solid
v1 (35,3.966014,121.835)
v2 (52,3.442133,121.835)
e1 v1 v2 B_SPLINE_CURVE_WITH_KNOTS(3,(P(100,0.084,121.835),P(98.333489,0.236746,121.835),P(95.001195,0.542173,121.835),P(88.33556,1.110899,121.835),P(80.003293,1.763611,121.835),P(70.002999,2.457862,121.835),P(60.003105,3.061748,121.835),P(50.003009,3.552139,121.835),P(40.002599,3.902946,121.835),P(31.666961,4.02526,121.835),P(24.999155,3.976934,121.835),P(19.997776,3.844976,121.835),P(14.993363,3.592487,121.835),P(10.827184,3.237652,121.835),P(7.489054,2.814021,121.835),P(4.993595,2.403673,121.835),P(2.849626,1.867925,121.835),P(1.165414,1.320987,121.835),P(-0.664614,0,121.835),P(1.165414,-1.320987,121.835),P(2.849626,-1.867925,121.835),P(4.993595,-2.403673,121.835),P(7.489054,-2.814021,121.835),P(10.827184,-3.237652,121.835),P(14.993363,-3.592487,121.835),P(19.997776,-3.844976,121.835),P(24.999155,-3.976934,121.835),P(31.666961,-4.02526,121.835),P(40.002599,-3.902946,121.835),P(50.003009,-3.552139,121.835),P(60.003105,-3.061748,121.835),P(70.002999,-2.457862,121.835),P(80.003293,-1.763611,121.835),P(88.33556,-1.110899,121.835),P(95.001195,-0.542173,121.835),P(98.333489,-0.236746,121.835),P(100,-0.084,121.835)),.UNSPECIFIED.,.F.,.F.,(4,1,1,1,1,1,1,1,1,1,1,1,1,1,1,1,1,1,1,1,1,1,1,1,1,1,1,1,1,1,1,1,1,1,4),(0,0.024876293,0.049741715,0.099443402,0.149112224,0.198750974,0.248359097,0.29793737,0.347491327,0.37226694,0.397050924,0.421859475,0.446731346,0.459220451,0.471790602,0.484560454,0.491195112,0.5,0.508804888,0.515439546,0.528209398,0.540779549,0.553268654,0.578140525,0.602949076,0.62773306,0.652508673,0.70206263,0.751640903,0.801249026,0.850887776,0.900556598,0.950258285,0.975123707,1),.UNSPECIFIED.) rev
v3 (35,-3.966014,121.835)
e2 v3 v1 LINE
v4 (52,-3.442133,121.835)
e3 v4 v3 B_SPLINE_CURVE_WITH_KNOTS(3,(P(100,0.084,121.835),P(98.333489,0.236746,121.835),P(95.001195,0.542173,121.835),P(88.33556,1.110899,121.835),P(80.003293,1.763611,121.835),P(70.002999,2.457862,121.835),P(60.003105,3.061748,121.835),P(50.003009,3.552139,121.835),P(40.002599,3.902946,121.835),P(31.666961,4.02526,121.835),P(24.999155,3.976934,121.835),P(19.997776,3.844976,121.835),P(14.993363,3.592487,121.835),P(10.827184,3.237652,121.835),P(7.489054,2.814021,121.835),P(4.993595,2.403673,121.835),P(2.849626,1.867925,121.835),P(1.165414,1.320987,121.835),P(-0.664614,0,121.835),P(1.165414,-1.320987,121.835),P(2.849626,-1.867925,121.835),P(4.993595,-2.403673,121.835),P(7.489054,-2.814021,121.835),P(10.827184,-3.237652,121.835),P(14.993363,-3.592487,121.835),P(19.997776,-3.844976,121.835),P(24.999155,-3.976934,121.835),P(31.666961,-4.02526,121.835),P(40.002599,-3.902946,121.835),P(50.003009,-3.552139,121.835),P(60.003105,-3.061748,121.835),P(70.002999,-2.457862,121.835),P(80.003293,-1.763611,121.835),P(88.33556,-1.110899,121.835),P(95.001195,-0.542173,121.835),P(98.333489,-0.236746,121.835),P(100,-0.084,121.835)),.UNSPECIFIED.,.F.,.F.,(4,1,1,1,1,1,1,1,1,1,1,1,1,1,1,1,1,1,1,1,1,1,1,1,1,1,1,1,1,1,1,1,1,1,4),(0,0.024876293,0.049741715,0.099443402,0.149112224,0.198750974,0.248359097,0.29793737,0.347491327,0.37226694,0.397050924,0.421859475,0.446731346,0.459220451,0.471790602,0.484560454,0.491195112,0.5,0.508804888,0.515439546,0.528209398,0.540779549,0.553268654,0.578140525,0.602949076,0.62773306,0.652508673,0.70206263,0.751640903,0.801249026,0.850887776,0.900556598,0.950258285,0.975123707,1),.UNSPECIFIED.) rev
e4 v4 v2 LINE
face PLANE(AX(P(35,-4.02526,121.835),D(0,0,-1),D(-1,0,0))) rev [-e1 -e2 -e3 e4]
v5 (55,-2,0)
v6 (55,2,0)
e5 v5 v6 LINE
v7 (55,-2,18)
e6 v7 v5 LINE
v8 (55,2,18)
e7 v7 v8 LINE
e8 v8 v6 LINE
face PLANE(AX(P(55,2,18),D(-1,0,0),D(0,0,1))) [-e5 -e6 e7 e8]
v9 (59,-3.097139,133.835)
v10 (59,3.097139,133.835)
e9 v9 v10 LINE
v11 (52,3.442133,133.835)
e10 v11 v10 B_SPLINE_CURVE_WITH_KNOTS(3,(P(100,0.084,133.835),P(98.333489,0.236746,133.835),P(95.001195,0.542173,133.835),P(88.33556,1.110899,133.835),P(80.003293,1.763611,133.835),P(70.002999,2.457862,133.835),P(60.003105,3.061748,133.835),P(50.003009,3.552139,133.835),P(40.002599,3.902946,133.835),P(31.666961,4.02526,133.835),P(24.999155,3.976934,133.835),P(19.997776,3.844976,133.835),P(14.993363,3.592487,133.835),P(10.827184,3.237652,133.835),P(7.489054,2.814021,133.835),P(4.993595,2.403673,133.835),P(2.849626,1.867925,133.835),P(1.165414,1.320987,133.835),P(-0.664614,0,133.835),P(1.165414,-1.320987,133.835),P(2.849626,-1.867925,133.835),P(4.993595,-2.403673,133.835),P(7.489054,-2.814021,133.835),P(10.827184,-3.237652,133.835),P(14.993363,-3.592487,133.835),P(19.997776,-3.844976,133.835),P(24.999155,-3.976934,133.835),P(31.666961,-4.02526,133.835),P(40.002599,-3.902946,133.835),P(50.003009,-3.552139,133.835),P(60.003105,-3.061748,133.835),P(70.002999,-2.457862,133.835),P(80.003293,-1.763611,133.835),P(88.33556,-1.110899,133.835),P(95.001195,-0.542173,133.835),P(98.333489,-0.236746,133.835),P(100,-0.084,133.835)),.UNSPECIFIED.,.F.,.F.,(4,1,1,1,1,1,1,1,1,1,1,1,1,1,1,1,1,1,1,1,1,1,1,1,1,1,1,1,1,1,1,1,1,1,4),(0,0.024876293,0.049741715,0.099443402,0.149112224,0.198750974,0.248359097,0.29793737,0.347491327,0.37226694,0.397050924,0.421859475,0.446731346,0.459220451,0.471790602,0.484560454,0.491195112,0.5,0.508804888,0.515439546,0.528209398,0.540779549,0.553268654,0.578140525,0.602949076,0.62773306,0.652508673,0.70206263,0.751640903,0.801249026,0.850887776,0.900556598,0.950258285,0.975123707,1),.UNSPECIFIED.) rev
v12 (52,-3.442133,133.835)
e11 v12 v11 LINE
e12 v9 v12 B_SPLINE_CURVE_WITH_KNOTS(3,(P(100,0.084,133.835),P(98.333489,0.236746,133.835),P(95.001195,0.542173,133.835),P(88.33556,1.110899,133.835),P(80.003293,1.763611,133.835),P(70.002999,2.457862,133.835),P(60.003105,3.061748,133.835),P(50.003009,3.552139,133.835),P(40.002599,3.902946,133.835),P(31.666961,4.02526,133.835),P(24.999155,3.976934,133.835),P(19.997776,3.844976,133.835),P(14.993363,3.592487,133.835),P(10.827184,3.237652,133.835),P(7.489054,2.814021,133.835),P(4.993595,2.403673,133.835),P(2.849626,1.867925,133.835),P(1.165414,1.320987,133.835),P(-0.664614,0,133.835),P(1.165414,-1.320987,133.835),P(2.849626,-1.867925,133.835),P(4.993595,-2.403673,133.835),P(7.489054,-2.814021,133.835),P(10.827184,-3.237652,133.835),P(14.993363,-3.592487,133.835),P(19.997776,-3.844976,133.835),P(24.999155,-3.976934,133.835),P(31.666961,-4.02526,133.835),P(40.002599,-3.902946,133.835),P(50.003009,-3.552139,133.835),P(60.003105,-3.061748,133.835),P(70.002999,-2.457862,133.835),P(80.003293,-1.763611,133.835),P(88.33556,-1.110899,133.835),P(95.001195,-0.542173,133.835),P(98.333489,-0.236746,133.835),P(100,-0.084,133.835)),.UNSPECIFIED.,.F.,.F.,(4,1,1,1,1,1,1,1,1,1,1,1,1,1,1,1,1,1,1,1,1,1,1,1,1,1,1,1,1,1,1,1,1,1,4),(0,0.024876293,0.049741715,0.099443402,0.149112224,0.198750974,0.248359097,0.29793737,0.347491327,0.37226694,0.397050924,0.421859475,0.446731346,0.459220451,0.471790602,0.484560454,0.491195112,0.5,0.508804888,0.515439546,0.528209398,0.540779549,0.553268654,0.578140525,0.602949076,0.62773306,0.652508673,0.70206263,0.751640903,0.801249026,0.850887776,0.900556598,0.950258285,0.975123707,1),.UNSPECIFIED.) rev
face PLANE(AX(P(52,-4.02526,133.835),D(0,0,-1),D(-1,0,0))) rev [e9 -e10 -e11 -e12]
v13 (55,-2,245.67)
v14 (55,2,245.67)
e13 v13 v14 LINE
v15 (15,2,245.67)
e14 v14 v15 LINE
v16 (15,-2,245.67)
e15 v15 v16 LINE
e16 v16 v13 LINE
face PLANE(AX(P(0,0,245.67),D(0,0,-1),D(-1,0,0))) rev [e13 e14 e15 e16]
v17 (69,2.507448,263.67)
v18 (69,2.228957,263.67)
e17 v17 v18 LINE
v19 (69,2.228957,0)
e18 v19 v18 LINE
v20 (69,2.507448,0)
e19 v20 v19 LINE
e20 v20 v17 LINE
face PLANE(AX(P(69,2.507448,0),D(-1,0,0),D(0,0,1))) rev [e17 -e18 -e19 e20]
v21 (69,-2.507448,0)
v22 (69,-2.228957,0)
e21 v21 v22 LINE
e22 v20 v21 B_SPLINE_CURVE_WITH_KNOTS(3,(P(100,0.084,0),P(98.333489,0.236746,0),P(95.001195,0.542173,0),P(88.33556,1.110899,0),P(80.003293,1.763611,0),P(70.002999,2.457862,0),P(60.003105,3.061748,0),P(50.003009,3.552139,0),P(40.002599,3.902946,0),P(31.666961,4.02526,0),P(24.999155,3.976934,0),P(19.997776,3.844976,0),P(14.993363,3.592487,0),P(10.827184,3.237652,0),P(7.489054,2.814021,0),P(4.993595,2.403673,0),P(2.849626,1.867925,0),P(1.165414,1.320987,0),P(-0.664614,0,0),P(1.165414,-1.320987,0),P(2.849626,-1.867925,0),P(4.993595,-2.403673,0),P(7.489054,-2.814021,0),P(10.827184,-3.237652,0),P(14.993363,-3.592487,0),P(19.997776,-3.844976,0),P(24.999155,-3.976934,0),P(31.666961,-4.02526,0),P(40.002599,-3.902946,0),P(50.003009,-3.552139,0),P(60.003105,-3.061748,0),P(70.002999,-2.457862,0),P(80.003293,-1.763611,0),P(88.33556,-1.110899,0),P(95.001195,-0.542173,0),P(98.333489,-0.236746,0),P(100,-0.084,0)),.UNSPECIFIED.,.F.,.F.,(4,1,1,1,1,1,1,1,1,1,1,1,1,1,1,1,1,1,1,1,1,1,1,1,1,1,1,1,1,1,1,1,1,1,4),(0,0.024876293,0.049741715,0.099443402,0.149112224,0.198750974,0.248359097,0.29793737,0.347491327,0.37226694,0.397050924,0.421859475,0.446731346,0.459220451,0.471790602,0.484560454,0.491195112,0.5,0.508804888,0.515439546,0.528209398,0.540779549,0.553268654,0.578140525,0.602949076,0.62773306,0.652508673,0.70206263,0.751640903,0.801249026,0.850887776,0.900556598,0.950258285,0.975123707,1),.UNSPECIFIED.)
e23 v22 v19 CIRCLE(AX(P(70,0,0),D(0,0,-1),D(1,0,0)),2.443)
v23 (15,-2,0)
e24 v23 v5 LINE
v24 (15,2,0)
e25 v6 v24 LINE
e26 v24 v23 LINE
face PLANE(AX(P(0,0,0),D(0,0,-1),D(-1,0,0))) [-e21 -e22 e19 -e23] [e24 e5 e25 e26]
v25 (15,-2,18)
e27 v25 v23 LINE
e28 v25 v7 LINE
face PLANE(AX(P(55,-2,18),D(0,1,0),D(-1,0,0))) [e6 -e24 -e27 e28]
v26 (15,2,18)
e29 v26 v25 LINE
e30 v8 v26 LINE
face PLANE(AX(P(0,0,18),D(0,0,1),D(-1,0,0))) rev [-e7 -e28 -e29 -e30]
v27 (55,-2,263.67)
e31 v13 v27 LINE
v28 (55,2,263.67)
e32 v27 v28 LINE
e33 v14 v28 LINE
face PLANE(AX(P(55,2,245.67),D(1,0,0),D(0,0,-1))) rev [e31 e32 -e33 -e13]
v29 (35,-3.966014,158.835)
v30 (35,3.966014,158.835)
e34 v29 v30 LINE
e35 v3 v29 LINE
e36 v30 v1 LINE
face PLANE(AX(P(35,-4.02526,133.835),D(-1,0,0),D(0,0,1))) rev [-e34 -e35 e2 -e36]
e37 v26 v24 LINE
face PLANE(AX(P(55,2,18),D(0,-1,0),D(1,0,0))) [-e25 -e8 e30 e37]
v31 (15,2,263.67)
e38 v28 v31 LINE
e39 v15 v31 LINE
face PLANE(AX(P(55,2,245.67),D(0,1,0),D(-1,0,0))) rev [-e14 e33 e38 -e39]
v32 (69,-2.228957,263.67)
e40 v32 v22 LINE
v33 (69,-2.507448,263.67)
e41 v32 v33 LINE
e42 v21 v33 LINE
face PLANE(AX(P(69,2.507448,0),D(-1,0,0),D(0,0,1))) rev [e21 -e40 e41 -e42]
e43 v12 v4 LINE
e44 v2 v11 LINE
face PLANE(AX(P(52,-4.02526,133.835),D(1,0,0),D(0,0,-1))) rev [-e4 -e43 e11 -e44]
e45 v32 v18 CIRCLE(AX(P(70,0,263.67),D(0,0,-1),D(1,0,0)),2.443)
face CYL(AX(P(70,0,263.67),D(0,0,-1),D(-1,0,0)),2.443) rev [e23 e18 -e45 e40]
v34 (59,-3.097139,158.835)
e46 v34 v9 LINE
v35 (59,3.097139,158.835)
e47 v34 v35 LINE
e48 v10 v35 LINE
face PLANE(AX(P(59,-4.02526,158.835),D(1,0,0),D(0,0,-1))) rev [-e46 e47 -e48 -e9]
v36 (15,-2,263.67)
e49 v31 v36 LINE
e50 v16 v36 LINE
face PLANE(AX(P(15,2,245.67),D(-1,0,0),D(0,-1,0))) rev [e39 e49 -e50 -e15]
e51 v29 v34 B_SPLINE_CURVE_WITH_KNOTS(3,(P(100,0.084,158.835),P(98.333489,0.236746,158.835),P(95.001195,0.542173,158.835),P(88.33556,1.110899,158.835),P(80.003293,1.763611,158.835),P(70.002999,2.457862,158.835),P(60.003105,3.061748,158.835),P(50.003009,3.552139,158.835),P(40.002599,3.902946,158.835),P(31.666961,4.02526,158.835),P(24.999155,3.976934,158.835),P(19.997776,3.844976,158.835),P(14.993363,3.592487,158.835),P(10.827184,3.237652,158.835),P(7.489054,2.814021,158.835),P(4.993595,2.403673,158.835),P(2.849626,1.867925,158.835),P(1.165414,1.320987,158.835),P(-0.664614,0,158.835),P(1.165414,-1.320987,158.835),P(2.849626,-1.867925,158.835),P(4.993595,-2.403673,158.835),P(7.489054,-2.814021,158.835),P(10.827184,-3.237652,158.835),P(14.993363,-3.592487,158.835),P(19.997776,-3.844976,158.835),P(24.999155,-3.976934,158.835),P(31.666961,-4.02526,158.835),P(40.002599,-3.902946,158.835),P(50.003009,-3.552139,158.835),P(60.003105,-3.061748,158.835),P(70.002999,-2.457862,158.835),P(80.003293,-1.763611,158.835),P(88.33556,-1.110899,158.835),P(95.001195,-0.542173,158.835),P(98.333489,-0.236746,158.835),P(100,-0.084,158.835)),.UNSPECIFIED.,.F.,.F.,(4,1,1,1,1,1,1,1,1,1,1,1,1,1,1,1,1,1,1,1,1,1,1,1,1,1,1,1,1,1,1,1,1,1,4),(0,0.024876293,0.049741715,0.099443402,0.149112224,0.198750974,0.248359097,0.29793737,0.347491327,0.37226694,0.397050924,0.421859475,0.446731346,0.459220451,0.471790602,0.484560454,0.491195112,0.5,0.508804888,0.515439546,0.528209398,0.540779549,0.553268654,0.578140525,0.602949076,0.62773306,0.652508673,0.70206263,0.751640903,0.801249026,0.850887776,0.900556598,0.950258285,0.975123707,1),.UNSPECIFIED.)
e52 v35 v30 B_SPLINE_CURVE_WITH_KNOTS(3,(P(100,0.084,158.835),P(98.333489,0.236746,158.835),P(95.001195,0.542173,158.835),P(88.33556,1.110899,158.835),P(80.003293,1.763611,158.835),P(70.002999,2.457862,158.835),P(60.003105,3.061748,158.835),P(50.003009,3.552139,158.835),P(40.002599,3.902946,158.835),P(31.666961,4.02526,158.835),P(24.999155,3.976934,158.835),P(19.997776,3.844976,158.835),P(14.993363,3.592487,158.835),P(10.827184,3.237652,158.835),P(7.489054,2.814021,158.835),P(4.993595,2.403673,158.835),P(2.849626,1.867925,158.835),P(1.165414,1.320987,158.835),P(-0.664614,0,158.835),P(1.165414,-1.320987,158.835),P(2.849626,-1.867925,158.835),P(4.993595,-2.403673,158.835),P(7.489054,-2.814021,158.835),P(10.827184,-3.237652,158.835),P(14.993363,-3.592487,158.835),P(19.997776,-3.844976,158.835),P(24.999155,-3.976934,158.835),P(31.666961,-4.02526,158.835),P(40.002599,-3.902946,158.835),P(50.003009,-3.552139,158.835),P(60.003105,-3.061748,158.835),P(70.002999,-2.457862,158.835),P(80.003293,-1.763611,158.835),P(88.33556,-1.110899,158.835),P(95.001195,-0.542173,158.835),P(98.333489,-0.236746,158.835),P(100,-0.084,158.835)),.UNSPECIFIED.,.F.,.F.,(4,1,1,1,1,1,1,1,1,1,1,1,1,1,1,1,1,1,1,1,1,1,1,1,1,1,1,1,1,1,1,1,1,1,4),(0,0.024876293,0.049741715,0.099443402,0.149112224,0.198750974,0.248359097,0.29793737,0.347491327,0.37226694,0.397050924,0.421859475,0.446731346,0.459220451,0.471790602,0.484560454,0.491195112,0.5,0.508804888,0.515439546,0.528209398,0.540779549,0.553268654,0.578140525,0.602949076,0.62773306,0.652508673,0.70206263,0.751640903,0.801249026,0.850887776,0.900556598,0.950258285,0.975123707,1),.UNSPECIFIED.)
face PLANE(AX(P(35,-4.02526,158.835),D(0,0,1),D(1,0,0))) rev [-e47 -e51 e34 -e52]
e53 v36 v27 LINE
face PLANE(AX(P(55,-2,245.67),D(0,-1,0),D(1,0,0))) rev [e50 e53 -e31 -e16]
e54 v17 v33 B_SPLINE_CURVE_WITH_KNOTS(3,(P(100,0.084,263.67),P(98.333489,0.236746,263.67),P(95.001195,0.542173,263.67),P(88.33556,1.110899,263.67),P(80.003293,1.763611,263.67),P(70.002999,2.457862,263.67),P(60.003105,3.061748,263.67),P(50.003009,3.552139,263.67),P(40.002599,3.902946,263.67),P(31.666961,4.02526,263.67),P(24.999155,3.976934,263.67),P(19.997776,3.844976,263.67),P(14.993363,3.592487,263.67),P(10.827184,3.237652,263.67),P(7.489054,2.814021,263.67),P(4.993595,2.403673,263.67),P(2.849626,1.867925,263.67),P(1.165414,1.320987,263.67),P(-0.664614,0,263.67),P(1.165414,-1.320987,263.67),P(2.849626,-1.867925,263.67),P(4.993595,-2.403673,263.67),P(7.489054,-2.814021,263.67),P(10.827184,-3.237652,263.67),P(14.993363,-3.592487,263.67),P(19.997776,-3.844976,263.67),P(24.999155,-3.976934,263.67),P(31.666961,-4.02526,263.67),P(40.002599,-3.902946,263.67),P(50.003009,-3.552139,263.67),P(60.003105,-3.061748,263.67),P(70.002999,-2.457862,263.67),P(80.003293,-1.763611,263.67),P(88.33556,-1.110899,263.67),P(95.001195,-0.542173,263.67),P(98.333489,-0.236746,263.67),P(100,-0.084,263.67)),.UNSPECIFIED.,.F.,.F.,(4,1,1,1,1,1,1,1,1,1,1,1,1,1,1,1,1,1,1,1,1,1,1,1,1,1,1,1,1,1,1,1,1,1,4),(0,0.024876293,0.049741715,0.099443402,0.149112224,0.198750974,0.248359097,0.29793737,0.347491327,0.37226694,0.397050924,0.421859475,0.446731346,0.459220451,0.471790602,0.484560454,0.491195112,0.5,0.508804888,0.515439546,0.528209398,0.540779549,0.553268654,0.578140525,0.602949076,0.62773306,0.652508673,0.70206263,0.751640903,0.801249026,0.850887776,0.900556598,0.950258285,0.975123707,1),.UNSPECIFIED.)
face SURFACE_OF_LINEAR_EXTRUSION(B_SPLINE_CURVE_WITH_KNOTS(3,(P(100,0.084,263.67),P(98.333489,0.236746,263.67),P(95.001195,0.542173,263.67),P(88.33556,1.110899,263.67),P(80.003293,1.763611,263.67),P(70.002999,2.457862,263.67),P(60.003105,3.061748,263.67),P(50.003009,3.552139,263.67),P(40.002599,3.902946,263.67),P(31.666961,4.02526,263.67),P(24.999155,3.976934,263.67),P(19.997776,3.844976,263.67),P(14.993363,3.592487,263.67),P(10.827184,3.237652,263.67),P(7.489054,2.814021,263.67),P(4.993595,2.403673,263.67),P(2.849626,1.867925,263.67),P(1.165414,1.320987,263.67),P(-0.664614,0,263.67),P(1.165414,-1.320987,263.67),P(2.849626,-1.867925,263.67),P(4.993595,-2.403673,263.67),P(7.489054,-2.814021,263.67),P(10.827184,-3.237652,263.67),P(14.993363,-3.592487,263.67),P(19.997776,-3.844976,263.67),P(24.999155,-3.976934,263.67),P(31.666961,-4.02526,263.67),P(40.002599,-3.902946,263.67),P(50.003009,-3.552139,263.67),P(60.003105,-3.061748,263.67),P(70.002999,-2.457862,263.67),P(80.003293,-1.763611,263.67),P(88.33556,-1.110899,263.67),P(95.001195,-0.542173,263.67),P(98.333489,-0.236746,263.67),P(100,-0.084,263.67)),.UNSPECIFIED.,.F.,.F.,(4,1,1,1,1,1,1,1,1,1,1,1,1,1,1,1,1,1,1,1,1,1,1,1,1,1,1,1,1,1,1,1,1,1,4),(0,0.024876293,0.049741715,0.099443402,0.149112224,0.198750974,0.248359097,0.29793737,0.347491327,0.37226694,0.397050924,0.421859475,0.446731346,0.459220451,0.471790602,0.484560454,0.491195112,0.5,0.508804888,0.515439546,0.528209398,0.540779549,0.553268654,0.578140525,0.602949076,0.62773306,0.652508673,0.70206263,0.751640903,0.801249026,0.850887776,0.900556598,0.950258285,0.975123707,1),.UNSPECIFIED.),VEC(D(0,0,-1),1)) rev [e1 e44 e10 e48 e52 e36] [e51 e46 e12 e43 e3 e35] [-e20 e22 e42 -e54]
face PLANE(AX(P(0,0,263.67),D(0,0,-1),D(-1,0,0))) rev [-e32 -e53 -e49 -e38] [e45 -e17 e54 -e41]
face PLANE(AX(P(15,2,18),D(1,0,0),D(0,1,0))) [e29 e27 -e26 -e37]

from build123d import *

# Parameters (mm, degrees)
CORPOFOAM_DEPTH              = 263.67
SCHIZZO2_W                   = 3
SCHIZZO2_H                   = 5.01489576
SMUSSOPOSTERIORE_DEPTH       = 273.833056966
TAGLIOSERVOMOTORE_DEPTH      = 273.578203408
TAGLIOSERVOMOTORE_DEPTH_BACK = 273.578203408
SCHIZZO6_W                   = 40
SCHIZZO6_H                   = 4
TAGLIOSPINASINISTRA_DEPTH    = 18


with BuildPart() as part:
    # Schizzo1 → CorpoFoam (new body)
    with BuildSketch(Plane.XY):
        with BuildLine():
            ThreePointArc((70, 2.443), (67.557, 0), (70, -2.443))
            add(Edge.make_bspline(
                [(70, 2.443), (66.667669045, 2.659279734), (60.003104625, 3.061747723), (50.003008601, 3.552139212), (40.002598558, 3.902946494), (31.666961486, 4.025260151), (24.9991546, 3.976933791), (19.997775587, 3.844976398), (14.993363131, 3.592486959), (10.827184065, 3.237651579), (7.489054388, 2.814021367), (4.99359465, 2.403673059), (2.84962634, 1.867925494), (1.165413503, 1.320987252), (-0.664613784, 0), (1.165413503, -1.320987252), (2.84962634, -1.867925494), (4.99359465, -2.403673059), (7.489054388, -2.814021367), (10.827184065, -3.237651579), (14.993363131, -3.592486959), (19.997775587, -3.844976398), (24.9991546, -3.976933791), (31.666961486, -4.025260151), (40.002598558, -3.902946494), (50.003008601, -3.552139212), (60.003104625, -3.061747723), (66.667669045, -2.659279734), (70, -2.443)],
                knots=[0.149112224, 0.149112224, 0.149112224, 0.149112224, 0.198750974, 0.248359097, 0.29793737, 0.347491327, 0.37226694, 0.397050924, 0.421859475, 0.446731346, 0.459220451, 0.471790602, 0.484560454, 0.491195112, 0.5, 0.508804888, 0.515439546, 0.528209398, 0.540779549, 0.553268654, 0.578140525, 0.602949076, 0.62773306, 0.652508673, 0.70206263, 0.751640903, 0.801249026, 0.850887776, 0.850887776, 0.850887776, 0.850887776], degree=3))
        make_face()
    extrude(amount=CORPOFOAM_DEPTH)

    # Schizzo2 → SmussoPosteriore (cut, through all)
    with BuildSketch(Plane.XY.offset(263.67)):
        with Locations((70.5, 0)):
            Rectangle(SCHIZZO2_W, SCHIZZO2_H)
    extrude(amount=-SMUSSOPOSTERIORE_DEPTH, mode=Mode.SUBTRACT)

    # Schizzo5 → TaglioServomotore (cut, two sides: drawn at the far end of the back side and taken through both)
    with BuildSketch(Plane(origin=(0, 0, 0), x_dir=(1, 0, 0), z_dir=(0, 1, 0)).offset(-TAGLIOSERVOMOTORE_DEPTH_BACK)):
        Polygon((52, -133.835), (59, -133.835), (59, -158.835), (35, -158.835), (35, -133.835), (35, -121.835), (52, -121.835), align=None)
    extrude(amount=TAGLIOSERVOMOTORE_DEPTH + TAGLIOSERVOMOTORE_DEPTH_BACK, mode=Mode.SUBTRACT)

    # Schizzo6 → TaglioSpinaSinistra (cut)
    with BuildSketch(Plane.XY.offset(263.67)):
        with Locations((35, 0)):
            Rectangle(SCHIZZO6_W, SCHIZZO6_H)
    tagliospinasinistra = extrude(amount=-TAGLIOSPINASINISTRA_DEPTH, mode=Mode.SUBTRACT)

    # TaglioSpinaDestra: TaglioSpinaSinistra across plane
    add(tagliospinasinistra.mirror(Plane.XY.offset(131.835)), mode=Mode.SUBTRACT)


solid = part.part
